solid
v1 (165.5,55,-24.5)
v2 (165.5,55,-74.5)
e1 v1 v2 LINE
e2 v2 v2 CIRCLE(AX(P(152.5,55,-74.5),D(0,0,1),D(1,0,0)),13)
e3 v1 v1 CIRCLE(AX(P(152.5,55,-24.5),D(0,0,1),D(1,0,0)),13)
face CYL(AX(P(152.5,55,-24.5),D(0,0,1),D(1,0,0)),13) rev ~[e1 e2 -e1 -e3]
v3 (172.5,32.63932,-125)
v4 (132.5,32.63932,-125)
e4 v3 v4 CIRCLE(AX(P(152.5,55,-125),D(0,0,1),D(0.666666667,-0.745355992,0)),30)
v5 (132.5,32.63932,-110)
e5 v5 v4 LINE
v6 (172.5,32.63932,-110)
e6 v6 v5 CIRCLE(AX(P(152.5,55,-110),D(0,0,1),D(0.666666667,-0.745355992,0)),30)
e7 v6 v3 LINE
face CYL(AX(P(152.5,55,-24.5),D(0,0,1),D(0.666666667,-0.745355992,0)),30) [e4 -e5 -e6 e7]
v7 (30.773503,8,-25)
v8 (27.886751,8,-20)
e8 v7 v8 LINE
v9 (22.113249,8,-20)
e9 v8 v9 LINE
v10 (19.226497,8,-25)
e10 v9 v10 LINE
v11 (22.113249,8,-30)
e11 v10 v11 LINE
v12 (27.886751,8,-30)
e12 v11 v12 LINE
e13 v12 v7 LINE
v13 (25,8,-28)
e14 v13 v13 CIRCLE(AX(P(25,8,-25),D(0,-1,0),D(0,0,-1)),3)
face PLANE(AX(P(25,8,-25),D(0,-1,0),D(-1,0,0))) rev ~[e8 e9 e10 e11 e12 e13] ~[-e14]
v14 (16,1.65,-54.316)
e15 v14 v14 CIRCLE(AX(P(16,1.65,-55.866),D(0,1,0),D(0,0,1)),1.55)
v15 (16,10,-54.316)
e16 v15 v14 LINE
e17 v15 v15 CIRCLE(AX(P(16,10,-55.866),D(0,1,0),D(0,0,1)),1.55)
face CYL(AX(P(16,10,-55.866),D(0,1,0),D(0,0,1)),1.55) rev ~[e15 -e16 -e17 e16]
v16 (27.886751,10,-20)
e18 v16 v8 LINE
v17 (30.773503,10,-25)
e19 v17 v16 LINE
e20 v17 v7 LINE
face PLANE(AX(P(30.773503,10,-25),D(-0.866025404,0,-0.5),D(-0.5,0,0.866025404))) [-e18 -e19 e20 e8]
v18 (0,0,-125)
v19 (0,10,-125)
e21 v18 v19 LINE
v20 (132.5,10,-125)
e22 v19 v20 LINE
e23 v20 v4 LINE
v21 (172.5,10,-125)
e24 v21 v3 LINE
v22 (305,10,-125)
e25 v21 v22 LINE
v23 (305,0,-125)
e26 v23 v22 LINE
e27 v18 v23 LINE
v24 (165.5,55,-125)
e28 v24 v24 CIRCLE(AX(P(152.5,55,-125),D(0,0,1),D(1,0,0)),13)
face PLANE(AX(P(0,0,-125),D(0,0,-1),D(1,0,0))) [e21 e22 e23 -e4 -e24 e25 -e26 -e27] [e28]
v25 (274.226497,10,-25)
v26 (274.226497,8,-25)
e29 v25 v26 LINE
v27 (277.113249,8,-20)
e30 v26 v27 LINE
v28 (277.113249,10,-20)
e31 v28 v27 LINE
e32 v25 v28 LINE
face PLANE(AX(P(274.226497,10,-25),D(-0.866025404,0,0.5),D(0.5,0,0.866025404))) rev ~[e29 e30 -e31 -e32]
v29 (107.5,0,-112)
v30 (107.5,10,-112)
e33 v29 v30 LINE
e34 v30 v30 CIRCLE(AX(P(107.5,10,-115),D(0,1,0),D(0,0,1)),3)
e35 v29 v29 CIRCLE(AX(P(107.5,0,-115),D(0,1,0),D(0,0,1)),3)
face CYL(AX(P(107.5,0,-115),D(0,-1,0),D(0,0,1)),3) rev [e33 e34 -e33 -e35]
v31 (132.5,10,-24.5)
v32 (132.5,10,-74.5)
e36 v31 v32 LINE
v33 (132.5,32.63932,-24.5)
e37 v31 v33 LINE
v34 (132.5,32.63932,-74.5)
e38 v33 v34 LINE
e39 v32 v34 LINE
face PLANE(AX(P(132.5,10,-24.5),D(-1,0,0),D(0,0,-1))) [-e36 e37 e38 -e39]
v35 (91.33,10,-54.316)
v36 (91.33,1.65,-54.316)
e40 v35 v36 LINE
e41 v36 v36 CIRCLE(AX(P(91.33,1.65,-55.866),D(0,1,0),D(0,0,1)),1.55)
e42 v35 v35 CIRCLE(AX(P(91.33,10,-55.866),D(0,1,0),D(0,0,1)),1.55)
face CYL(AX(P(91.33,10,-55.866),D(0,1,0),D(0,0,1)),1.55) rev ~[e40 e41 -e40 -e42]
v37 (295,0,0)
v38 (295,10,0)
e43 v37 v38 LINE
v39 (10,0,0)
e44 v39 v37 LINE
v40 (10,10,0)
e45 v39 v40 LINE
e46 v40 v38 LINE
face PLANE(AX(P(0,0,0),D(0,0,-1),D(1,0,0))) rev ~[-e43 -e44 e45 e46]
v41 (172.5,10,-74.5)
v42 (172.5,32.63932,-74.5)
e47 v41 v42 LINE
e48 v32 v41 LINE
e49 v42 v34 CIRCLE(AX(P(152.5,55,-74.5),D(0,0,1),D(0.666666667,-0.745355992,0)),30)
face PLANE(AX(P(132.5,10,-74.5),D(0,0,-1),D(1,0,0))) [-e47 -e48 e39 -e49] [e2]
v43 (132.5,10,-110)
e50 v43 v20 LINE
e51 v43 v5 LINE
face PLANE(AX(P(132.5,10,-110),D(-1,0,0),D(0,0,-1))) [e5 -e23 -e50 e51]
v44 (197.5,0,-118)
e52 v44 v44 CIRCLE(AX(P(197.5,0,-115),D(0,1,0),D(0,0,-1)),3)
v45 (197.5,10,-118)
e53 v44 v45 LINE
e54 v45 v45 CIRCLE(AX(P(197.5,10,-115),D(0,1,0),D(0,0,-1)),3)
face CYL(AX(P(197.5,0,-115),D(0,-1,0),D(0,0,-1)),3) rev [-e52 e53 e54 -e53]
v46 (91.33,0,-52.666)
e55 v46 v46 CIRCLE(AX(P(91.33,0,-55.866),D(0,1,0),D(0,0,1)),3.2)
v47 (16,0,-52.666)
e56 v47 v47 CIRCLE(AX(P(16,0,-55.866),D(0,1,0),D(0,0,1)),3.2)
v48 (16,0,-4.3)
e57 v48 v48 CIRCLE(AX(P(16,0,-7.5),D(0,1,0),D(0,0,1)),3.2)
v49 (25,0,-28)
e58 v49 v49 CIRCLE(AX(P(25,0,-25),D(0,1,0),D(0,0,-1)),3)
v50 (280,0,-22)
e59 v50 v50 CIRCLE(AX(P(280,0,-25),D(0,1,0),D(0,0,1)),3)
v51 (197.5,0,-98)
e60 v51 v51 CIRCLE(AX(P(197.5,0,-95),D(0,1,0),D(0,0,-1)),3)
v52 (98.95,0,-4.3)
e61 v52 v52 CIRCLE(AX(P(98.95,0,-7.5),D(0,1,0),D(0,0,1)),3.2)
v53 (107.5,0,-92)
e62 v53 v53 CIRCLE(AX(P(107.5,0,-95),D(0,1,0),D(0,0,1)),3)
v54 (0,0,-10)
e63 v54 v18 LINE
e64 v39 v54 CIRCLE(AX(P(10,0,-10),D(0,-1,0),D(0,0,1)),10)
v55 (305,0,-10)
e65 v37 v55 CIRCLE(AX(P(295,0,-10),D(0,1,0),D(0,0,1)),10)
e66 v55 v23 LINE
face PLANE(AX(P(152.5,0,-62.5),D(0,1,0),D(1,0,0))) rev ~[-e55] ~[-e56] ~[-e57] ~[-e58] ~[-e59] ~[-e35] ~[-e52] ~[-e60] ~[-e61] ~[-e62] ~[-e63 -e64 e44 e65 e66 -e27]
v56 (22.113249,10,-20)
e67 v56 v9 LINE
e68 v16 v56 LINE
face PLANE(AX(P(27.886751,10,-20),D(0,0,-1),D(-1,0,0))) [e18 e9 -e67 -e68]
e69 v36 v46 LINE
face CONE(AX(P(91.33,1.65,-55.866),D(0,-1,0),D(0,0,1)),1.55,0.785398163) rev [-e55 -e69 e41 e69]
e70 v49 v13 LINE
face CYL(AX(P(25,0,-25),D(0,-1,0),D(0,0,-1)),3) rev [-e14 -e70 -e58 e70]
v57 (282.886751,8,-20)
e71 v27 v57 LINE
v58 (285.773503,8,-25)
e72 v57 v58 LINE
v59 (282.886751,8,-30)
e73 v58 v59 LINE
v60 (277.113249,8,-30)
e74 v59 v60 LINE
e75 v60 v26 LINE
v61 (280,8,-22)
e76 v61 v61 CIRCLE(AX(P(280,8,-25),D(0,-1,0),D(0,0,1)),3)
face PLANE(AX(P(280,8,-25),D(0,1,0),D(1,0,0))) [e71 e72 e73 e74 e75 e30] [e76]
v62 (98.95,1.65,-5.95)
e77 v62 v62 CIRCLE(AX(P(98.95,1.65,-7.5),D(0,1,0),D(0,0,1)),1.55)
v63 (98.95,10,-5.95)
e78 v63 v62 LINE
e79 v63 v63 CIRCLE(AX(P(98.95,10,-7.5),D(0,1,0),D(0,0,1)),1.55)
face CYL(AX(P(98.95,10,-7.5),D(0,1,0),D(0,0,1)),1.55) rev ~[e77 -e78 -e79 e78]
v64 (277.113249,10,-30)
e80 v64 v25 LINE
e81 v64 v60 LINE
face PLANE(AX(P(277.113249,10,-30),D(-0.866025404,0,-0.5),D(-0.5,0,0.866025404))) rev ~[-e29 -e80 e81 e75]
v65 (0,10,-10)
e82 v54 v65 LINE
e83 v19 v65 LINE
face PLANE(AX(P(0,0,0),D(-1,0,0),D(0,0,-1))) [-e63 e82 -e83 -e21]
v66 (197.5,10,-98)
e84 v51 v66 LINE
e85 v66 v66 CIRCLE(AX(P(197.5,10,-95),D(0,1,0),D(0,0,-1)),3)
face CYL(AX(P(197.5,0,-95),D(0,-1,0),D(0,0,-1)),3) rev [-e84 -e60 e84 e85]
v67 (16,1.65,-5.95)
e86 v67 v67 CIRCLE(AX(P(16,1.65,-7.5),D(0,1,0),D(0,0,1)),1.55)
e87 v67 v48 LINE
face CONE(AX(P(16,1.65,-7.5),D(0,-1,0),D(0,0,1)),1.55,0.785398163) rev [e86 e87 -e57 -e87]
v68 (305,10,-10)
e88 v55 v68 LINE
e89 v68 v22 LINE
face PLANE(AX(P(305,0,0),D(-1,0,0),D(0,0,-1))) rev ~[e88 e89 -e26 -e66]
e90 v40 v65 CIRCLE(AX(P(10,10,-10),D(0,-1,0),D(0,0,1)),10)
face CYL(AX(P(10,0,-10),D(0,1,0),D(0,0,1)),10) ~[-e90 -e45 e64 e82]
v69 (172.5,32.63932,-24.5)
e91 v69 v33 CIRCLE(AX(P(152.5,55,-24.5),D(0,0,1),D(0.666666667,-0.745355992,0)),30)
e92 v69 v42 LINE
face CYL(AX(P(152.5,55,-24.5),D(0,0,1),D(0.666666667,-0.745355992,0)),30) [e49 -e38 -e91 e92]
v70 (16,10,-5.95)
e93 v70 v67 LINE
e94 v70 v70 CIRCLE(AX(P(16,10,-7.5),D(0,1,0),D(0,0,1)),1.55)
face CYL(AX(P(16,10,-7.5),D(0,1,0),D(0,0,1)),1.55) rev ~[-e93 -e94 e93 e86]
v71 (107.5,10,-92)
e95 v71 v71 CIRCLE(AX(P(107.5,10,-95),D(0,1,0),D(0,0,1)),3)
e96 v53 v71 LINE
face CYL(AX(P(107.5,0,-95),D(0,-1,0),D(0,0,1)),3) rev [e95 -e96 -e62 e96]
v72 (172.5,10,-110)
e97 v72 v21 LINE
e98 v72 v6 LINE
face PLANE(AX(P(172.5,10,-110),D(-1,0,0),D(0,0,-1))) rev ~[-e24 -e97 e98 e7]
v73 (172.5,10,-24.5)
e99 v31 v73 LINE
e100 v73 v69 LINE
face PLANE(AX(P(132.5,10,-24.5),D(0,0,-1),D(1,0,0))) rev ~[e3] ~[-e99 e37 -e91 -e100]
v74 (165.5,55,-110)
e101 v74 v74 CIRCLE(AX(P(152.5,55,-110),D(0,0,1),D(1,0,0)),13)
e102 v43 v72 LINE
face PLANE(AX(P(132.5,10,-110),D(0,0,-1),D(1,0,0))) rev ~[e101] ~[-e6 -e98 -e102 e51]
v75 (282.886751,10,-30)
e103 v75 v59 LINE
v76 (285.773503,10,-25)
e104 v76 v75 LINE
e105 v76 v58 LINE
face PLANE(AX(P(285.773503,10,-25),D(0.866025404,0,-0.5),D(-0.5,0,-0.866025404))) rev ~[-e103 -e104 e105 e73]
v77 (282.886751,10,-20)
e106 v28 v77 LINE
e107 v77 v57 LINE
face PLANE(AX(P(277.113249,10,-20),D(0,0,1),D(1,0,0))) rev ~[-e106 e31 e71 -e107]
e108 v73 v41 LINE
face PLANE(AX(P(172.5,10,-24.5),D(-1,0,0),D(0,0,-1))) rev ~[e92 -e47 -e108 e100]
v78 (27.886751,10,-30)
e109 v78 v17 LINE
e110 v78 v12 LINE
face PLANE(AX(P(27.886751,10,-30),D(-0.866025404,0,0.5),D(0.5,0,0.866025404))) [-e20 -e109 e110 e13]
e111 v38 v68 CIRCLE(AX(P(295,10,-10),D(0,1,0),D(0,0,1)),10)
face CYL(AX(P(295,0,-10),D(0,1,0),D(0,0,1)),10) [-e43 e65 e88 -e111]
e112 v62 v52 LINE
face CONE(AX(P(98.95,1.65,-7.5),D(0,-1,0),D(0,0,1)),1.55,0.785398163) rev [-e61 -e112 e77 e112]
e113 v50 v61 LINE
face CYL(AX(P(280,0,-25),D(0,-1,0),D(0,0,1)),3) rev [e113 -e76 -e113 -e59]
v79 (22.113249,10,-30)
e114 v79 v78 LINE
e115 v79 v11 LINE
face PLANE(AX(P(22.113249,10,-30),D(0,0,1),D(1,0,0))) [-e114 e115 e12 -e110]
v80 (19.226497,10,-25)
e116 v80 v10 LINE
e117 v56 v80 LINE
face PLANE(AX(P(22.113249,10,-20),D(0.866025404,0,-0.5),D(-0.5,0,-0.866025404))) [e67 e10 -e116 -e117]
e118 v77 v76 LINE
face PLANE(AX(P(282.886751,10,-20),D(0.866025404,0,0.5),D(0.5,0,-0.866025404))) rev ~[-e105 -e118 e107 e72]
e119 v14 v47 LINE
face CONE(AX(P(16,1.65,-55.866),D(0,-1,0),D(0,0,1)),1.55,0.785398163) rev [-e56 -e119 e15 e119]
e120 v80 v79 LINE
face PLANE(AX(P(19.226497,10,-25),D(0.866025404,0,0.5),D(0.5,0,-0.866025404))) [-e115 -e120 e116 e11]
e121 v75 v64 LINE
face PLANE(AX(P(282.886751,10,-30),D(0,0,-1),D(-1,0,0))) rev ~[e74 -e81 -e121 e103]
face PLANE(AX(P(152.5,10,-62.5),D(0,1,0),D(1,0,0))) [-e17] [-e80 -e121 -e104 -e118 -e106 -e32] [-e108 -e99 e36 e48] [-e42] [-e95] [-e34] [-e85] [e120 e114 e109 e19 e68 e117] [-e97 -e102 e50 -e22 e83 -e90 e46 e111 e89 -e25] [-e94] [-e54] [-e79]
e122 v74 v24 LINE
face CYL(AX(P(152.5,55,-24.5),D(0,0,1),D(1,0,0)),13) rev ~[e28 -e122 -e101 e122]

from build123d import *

# Parameters (mm, degrees)
SKETCH1_W           = 305
SKETCH1_H           = 125
SKETCH1_R           = 3
BOSS_EXTRUDE1_DEPTH = 10
SKETCH7_W           = 40
SKETCH7_H           = 50
SKETCH7_H_2         = 15
BOSS_EXTRUDE2_DEPTH = 22.639320225
BOSS_EXTRUDE3_REACH = 324.786
SKETCH11_R          = 30
SKETCH11_R_2        = 13
SKETCH12_W          = 35.5
SKETCH12_H          = 75
CUT_EXTRUDE2_DEPTH  = 341.404171537
CUT_EXTRUDE1_DEPTH  = 2
SKETCH16_R          = 1.55
CUT_EXTRUDE3_DEPTH  = 339.045854878
FILLET3_R           = 10
CHAMFER2_SIZE       = 1.65


with BuildPart() as part:
    # Sketch1 → Boss-Extrude1 (new body)
    with BuildSketch(Plane(origin=(0, 0, 0), x_dir=(1, 0, 0), z_dir=(0, 1, 0))):
        with Locations((152.5, 62.5)):
            Rectangle(SKETCH1_W, SKETCH1_H)
        with Locations(Location((280, 25, 0), (0, 0, 270))):
            Circle(SKETCH1_R, mode=Mode.SUBTRACT)
        with Locations(Location((25, 25, 0), (0, 0, 90))):
            Circle(SKETCH1_R, mode=Mode.SUBTRACT)
        with Locations(Location((107.5, 115, 0), (0, 0, 270))):
            Circle(SKETCH1_R, mode=Mode.SUBTRACT)
        with Locations(Location((107.5, 95, 0), (0, 0, 270))):
            Circle(SKETCH1_R, mode=Mode.SUBTRACT)
        with Locations(Location((197.5, 115, 0), (0, 0, 90))):
            Circle(SKETCH1_R, mode=Mode.SUBTRACT)
        with Locations(Location((197.5, 95, 0), (0, 0, 90))):
            Circle(SKETCH1_R, mode=Mode.SUBTRACT)
    extrude(amount=BOSS_EXTRUDE1_DEPTH)

    # Sketch7 → Boss-Extrude2 (add)
    with BuildSketch(Plane(origin=(0, 10, 0), x_dir=(1, 0, 0), z_dir=(0, 1, 0))):
        with Locations((152.5, 49.5)):
            Rectangle(SKETCH7_W, SKETCH7_H)
        with Locations((152.5, 117.5)):
            Rectangle(SKETCH7_W, SKETCH7_H_2)
    extrude(amount=BOSS_EXTRUDE2_DEPTH)

    # Boss-Extrude3: up to this face of the body (flat: up to its plane)
    boss_extrude3_end = Plane(part.part.faces().sort_by_distance((152.5, 8.736156851, -125))[0])
    # Sketch11 → Boss-Extrude3 (add, up to the picked face)
    with BuildSketch(Plane.XY.offset(-24.5), mode=Mode.PRIVATE) as boss_extrude3_sk1:
        with Locations(Location((152.5, 55, 0), (0, 0, 311.810314896))):
            Circle(SKETCH11_R)
        with Locations((152.5, 55)):
            Circle(SKETCH11_R_2, mode=Mode.SUBTRACT)
    boss_extrude3_tool1 = split(extrude(boss_extrude3_sk1.sketch, amount=-BOSS_EXTRUDE3_REACH, mode=Mode.PRIVATE), bisect_by=boss_extrude3_end, keep=Keep.BOTH, mode=Mode.PRIVATE)
    add(boss_extrude3_tool1.solids().sort_by(Axis((133.065685, 76.728224, -24.5), (0, 0, -1)))[0])

    # Sketch12 → Cut-Extrude2 (cut, through all)
    with BuildSketch(Plane(origin=(305, 0, 0), x_dir=(0, 0, -1), z_dir=(1, 0, 0))):
        with Locations((92.25, 47.5)):
            Rectangle(SKETCH12_W, SKETCH12_H)
    extrude(amount=-CUT_EXTRUDE2_DEPTH, mode=Mode.SUBTRACT)

    # Sketch6 → Cut-Extrude1 (cut)
    with BuildSketch(Plane(origin=(0, 10, 0), x_dir=(1, 0, 0), z_dir=(0, 1, 0))):
        Polygon((27.886751346, 30), (30.773502692, 25), (27.886751346, 20), (22.113248654, 20), (19.226497308, 25), (22.113248654, 30), align=None)
        Polygon((274.226497308, 25), (277.113248654, 20), (282.886751346, 20), (285.773502692, 25), (282.886751346, 30), (277.113248654, 30), align=None)
    extrude(amount=-CUT_EXTRUDE1_DEPTH, mode=Mode.SUBTRACT)

    # Sketch16 → Cut-Extrude3 (cut, through all)
    with BuildSketch(Plane(origin=(0, 10, 0), x_dir=(1, 0, 0), z_dir=(0, 1, 0))):
        with Locations(Location((16, 7.5, 0), (0, 0, 270))):
            Circle(SKETCH16_R)
        with Locations(Location((98.95, 7.5, 0), (0, 0, 270))):
            Circle(SKETCH16_R)
        with Locations(Location((16, 55.866, 0), (0, 0, 270))):
            Circle(SKETCH16_R)
        with Locations(Location((91.33, 55.866, 0), (0, 0, 270))):
            Circle(SKETCH16_R)
    extrude(amount=-CUT_EXTRUDE3_DEPTH, mode=Mode.SUBTRACT)

    # Fillet3
    fillet3_edges = [part.edges().sort_by_distance(p)[0] for p in [
        (305, 5, 0),
        (0, 5, 0),
    ]]
    fillet(fillet3_edges, radius=FILLET3_R)

    # Chamfer2
    chamfer2_edges = [part.edges().sort_by_distance(p)[0] for p in [
        (98.95, 0, -9.05),
        (16, 0, -57.416),
        (91.33, 0, -57.416),
        (16, 0, -9.05),
    ]]
    chamfer(chamfer2_edges, length=CHAMFER2_SIZE)


solid = part.part
